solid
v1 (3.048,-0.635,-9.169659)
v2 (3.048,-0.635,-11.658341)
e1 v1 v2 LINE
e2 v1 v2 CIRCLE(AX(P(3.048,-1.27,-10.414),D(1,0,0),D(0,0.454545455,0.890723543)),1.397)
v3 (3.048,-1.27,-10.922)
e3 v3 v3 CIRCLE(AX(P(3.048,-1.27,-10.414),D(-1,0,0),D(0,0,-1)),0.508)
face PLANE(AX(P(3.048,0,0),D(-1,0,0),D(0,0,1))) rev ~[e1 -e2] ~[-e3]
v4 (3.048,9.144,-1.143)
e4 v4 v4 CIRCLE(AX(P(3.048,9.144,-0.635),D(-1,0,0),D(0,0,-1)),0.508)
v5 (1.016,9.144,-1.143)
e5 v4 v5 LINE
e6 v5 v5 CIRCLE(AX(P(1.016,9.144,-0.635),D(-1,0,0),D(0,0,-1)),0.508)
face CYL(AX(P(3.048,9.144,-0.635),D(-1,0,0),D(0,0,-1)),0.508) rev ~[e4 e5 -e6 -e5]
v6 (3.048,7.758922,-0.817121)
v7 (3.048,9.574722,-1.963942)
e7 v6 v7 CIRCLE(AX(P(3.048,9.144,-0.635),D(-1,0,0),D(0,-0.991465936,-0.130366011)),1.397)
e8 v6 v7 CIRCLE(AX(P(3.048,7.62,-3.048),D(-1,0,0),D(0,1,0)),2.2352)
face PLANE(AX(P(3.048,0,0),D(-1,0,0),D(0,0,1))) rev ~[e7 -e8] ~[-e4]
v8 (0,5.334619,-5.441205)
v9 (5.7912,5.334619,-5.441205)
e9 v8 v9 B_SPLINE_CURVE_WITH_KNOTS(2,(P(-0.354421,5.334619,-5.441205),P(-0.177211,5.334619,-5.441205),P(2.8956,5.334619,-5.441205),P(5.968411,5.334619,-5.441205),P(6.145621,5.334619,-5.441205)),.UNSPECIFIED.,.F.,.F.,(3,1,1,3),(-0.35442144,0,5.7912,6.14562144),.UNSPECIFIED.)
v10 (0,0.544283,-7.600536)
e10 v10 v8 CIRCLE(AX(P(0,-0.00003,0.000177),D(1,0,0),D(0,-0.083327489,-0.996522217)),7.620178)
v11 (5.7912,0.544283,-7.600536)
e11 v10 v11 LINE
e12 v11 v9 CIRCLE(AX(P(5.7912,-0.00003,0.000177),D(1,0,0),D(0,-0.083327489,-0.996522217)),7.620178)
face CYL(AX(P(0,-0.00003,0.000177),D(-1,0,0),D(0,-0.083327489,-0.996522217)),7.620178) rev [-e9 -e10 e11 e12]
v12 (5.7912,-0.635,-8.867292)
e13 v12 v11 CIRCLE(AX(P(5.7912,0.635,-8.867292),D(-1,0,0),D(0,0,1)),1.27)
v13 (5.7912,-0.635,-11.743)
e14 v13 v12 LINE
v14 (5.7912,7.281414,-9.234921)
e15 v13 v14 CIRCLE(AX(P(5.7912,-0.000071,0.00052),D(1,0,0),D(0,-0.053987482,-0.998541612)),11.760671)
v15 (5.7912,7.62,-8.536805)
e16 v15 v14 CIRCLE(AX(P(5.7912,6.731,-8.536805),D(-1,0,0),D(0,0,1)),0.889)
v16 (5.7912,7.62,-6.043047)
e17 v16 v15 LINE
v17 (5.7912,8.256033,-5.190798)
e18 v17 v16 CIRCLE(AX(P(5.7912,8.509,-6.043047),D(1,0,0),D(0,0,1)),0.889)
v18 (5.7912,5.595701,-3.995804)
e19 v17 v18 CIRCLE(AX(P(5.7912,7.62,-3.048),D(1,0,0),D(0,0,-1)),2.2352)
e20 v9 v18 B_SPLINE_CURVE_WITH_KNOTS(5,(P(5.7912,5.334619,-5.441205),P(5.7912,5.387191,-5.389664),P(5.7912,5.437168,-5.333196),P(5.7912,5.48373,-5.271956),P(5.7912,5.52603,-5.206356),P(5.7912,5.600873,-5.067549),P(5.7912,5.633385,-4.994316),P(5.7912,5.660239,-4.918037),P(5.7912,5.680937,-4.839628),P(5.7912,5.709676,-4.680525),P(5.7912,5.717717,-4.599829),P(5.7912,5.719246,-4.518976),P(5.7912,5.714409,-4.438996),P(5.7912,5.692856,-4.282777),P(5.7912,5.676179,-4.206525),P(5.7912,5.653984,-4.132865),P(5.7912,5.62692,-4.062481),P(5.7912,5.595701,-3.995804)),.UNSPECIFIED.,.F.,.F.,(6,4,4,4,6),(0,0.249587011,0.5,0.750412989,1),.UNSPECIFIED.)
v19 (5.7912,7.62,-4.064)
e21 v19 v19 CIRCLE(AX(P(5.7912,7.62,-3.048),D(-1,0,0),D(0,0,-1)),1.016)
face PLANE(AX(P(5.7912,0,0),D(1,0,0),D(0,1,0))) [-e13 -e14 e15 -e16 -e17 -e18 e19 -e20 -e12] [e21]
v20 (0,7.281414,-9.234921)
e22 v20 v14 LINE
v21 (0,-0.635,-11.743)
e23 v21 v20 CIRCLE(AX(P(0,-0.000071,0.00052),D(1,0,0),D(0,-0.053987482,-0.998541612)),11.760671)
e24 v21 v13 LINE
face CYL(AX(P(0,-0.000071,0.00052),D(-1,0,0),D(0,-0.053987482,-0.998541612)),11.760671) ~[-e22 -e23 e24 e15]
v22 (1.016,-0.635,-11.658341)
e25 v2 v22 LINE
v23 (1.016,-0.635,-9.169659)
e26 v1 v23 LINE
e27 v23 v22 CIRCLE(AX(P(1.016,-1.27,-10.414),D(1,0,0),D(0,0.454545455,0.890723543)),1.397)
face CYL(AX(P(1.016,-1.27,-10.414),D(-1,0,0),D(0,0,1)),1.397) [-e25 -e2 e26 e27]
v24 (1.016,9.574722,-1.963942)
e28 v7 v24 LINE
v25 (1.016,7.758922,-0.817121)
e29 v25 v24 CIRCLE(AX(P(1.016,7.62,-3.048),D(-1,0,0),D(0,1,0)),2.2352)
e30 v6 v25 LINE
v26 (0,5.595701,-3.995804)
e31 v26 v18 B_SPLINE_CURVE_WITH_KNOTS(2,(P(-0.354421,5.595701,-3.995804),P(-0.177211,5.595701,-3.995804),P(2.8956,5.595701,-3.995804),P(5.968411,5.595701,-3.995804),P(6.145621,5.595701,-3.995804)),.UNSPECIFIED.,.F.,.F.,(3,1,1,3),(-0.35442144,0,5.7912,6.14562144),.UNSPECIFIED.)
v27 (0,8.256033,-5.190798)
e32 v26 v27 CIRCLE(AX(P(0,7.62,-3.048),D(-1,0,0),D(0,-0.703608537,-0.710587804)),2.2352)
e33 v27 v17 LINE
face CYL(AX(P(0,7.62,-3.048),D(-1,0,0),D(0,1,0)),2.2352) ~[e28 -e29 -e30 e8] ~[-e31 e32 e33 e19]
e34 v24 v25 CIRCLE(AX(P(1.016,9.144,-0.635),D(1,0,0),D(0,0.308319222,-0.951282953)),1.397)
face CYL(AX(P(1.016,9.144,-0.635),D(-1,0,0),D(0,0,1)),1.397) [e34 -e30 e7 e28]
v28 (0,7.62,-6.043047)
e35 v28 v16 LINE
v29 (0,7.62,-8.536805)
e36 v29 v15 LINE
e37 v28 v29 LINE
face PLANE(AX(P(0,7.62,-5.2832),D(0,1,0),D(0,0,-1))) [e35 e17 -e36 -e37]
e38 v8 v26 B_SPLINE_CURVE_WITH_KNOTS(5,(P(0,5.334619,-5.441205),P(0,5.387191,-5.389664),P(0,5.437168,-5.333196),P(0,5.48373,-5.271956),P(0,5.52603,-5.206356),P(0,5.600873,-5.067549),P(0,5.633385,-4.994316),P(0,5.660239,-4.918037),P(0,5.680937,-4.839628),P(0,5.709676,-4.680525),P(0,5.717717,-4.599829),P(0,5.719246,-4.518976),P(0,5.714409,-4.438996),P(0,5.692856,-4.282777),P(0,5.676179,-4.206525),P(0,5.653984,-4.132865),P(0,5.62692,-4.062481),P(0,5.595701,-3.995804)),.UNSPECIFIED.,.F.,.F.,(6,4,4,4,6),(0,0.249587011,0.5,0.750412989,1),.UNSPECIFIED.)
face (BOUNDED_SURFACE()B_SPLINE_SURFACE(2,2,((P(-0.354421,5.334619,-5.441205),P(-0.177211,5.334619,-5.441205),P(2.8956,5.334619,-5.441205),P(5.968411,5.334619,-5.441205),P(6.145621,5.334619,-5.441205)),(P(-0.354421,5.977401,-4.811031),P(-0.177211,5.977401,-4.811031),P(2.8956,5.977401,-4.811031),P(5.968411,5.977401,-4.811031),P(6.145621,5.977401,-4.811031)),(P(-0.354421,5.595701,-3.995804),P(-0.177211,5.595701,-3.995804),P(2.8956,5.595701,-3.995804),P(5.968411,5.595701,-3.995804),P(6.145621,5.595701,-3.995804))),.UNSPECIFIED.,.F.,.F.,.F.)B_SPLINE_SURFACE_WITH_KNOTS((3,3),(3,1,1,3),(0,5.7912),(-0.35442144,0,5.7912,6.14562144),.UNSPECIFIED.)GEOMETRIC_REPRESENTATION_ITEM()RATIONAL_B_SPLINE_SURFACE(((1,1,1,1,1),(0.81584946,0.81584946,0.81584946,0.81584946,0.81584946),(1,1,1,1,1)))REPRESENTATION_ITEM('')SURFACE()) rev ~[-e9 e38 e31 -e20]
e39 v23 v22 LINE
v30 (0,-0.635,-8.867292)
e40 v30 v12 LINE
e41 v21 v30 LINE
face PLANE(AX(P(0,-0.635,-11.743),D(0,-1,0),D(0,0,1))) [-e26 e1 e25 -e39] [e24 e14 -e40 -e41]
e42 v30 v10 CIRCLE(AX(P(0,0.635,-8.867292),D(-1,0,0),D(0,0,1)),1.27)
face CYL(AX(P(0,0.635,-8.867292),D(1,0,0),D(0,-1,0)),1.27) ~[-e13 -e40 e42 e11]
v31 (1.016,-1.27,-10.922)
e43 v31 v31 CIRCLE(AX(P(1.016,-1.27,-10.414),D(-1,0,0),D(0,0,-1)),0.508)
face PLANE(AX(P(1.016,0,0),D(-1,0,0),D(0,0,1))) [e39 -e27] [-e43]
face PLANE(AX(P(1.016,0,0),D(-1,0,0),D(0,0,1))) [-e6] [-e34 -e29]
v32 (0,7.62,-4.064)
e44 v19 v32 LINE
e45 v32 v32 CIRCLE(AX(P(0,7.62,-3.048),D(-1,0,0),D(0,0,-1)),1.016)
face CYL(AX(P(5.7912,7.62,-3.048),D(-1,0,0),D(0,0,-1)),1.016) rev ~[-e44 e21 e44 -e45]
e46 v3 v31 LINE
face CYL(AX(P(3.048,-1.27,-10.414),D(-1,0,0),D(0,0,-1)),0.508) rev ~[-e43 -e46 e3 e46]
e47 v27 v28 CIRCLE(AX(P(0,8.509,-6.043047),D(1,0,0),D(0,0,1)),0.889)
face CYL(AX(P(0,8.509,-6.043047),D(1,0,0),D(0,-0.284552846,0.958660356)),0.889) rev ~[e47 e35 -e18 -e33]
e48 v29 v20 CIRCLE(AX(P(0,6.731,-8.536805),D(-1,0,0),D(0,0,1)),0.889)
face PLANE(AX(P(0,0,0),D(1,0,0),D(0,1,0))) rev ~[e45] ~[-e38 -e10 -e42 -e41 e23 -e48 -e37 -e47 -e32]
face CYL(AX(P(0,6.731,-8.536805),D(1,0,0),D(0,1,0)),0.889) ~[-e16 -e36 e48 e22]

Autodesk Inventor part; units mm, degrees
ref_plane "YZ Plane" through (0, 0, 0) normal (1, 0, 0) x (0, 1, 0)
ref_plane "XZ Plane" through (0, 0, 0) normal (0, 1, 0) x (-1, 0, 0)
ref_plane "XY Plane" through (0, 0, 0) normal (0, 0, 1) x (1, 0, 0)
sketch "Sketch1" plane through (0, 0, 0) normal (1, 0, 0) x (0, 1, 0)
  arc A0 (-0.635, -11.743) -> (7.62, -8.9576) centre (0, 0) ccw
  arc A1 (-0.635, -7.5935) -> (6.0473, -4.6363) centre (0, 0) ccw
  circle A2 centre (7.62, -3.048) radius 2.2352
  line L0 (7.62, -5.2832) -> (7.62, -8.9576)
  line L1 (-0.635, -11.743) -> (-0.635, -7.5935)
  dimension "d0" = 11.7602
  dimension "d1" = 7.62
  dimension "d8" = 2.2352
  dimension "d9" = 7.62
  dimension "d10" = 3.048
  dimension "d11" = 0.635
extrude "Extrusion1" add sketch "Sketch1" along normal blind 5.7912
fillet "Fillet1" radius 1.27 1 edges at (2.8956, 6.0473, -4.6363)
fillet "Fillet2" radius 0.889 1 edges at (2.8956, 7.62, -5.2832)
fillet "Fillet3" radius 0.889 1 edges at (2.8956, 7.62, -8.9576)
ref_plane "Work Plane1" through (1.016, 0, 0) normal (-1, 0, 0) x (0, 0, 1)
sketch "Sketch2" plane through (1.016, 0, 0) normal (-1, 0, 0) x (0, 0, 1)
  arc A0 (-3.9958, 5.5957) -> (-5.4412, 5.3346) centre (-4.5343, 4.4455) ccw projected
  arc A1 (-5.4412, 5.3346) -> (-7.5935, -0.635) centre (0, 0) ccw projected
  line L0 (-7.5935, -0.635) -> (-11.743, -0.635) projected
  arc A2 (-9.2349, 7.2814) -> (-11.743, -0.635) centre (0, 0) ccw projected
  arc A3 (-8.5368, 7.62) -> (-9.2349, 7.2814) centre (-8.5368, 6.731) ccw projected
  line L1 (-8.5368, 7.62) -> (-6.043, 7.62) projected
  arc A4 (-6.043, 7.62) -> (-5.1908, 8.256) centre (-6.043, 8.509) ccw projected
  arc A5 (-3.9958, 5.5957) -> (-5.1908, 8.256) centre (-3.048, 7.62) ccw projected
  circle A6 centre (-10.414, -1.27) radius 1.397
  circle A7 centre (-0.635, 9.144) radius 1.397
  dimension "d18" = 1.397
  dimension "d19" = 1.27
  dimension "d20" = 10.414
  dimension "d21" = 1.397
  dimension "d22" = 0.635
  dimension "d23" = 9.144
extrude "Extrusion2" add sketch "Sketch2" against normal blind 2.032 contours A7 A5 | A5 A7 | A6 L0 | L0 A6
fillet "Fillet4" radius 1.27 1 edges at (2.8956, -0.635, -7.5935)
sketch "Sketch3" plane through (3.048, 0, 0) normal (1, 0, 0) x (0, 0, -1)
  arc A0 (1.9639, 9.5747) -> (0.8171, 7.7589) centre (0.635, 9.144) ccw projected
  line L0 (9.1697, -0.635) -> (11.6583, -0.635) projected
  arc A1 (9.1697, -0.635) -> (11.6583, -0.635) centre (10.414, -1.27) ccw projected
  point P0 (0, 0)
hole "Hole1" at (3.048, -1.27, -10.414) at (3.048, 9.144, -0.635) direction (-1, 0, 0) diameter 1.016 end through all
sketch "Sketch4" plane through (5.7912, 0, 0) normal (1, 0, 0) x (0, 0, -1)
  arc A0 (5.1908, 8.256) -> (3.9958, 5.5957) centre (3.048, 7.62) ccw projected
hole "Hole2" at (5.7912, 7.62, -3.048) direction (-1, 0, 0) diameter 2.032 end through all
properties part number "Brake Pad"
